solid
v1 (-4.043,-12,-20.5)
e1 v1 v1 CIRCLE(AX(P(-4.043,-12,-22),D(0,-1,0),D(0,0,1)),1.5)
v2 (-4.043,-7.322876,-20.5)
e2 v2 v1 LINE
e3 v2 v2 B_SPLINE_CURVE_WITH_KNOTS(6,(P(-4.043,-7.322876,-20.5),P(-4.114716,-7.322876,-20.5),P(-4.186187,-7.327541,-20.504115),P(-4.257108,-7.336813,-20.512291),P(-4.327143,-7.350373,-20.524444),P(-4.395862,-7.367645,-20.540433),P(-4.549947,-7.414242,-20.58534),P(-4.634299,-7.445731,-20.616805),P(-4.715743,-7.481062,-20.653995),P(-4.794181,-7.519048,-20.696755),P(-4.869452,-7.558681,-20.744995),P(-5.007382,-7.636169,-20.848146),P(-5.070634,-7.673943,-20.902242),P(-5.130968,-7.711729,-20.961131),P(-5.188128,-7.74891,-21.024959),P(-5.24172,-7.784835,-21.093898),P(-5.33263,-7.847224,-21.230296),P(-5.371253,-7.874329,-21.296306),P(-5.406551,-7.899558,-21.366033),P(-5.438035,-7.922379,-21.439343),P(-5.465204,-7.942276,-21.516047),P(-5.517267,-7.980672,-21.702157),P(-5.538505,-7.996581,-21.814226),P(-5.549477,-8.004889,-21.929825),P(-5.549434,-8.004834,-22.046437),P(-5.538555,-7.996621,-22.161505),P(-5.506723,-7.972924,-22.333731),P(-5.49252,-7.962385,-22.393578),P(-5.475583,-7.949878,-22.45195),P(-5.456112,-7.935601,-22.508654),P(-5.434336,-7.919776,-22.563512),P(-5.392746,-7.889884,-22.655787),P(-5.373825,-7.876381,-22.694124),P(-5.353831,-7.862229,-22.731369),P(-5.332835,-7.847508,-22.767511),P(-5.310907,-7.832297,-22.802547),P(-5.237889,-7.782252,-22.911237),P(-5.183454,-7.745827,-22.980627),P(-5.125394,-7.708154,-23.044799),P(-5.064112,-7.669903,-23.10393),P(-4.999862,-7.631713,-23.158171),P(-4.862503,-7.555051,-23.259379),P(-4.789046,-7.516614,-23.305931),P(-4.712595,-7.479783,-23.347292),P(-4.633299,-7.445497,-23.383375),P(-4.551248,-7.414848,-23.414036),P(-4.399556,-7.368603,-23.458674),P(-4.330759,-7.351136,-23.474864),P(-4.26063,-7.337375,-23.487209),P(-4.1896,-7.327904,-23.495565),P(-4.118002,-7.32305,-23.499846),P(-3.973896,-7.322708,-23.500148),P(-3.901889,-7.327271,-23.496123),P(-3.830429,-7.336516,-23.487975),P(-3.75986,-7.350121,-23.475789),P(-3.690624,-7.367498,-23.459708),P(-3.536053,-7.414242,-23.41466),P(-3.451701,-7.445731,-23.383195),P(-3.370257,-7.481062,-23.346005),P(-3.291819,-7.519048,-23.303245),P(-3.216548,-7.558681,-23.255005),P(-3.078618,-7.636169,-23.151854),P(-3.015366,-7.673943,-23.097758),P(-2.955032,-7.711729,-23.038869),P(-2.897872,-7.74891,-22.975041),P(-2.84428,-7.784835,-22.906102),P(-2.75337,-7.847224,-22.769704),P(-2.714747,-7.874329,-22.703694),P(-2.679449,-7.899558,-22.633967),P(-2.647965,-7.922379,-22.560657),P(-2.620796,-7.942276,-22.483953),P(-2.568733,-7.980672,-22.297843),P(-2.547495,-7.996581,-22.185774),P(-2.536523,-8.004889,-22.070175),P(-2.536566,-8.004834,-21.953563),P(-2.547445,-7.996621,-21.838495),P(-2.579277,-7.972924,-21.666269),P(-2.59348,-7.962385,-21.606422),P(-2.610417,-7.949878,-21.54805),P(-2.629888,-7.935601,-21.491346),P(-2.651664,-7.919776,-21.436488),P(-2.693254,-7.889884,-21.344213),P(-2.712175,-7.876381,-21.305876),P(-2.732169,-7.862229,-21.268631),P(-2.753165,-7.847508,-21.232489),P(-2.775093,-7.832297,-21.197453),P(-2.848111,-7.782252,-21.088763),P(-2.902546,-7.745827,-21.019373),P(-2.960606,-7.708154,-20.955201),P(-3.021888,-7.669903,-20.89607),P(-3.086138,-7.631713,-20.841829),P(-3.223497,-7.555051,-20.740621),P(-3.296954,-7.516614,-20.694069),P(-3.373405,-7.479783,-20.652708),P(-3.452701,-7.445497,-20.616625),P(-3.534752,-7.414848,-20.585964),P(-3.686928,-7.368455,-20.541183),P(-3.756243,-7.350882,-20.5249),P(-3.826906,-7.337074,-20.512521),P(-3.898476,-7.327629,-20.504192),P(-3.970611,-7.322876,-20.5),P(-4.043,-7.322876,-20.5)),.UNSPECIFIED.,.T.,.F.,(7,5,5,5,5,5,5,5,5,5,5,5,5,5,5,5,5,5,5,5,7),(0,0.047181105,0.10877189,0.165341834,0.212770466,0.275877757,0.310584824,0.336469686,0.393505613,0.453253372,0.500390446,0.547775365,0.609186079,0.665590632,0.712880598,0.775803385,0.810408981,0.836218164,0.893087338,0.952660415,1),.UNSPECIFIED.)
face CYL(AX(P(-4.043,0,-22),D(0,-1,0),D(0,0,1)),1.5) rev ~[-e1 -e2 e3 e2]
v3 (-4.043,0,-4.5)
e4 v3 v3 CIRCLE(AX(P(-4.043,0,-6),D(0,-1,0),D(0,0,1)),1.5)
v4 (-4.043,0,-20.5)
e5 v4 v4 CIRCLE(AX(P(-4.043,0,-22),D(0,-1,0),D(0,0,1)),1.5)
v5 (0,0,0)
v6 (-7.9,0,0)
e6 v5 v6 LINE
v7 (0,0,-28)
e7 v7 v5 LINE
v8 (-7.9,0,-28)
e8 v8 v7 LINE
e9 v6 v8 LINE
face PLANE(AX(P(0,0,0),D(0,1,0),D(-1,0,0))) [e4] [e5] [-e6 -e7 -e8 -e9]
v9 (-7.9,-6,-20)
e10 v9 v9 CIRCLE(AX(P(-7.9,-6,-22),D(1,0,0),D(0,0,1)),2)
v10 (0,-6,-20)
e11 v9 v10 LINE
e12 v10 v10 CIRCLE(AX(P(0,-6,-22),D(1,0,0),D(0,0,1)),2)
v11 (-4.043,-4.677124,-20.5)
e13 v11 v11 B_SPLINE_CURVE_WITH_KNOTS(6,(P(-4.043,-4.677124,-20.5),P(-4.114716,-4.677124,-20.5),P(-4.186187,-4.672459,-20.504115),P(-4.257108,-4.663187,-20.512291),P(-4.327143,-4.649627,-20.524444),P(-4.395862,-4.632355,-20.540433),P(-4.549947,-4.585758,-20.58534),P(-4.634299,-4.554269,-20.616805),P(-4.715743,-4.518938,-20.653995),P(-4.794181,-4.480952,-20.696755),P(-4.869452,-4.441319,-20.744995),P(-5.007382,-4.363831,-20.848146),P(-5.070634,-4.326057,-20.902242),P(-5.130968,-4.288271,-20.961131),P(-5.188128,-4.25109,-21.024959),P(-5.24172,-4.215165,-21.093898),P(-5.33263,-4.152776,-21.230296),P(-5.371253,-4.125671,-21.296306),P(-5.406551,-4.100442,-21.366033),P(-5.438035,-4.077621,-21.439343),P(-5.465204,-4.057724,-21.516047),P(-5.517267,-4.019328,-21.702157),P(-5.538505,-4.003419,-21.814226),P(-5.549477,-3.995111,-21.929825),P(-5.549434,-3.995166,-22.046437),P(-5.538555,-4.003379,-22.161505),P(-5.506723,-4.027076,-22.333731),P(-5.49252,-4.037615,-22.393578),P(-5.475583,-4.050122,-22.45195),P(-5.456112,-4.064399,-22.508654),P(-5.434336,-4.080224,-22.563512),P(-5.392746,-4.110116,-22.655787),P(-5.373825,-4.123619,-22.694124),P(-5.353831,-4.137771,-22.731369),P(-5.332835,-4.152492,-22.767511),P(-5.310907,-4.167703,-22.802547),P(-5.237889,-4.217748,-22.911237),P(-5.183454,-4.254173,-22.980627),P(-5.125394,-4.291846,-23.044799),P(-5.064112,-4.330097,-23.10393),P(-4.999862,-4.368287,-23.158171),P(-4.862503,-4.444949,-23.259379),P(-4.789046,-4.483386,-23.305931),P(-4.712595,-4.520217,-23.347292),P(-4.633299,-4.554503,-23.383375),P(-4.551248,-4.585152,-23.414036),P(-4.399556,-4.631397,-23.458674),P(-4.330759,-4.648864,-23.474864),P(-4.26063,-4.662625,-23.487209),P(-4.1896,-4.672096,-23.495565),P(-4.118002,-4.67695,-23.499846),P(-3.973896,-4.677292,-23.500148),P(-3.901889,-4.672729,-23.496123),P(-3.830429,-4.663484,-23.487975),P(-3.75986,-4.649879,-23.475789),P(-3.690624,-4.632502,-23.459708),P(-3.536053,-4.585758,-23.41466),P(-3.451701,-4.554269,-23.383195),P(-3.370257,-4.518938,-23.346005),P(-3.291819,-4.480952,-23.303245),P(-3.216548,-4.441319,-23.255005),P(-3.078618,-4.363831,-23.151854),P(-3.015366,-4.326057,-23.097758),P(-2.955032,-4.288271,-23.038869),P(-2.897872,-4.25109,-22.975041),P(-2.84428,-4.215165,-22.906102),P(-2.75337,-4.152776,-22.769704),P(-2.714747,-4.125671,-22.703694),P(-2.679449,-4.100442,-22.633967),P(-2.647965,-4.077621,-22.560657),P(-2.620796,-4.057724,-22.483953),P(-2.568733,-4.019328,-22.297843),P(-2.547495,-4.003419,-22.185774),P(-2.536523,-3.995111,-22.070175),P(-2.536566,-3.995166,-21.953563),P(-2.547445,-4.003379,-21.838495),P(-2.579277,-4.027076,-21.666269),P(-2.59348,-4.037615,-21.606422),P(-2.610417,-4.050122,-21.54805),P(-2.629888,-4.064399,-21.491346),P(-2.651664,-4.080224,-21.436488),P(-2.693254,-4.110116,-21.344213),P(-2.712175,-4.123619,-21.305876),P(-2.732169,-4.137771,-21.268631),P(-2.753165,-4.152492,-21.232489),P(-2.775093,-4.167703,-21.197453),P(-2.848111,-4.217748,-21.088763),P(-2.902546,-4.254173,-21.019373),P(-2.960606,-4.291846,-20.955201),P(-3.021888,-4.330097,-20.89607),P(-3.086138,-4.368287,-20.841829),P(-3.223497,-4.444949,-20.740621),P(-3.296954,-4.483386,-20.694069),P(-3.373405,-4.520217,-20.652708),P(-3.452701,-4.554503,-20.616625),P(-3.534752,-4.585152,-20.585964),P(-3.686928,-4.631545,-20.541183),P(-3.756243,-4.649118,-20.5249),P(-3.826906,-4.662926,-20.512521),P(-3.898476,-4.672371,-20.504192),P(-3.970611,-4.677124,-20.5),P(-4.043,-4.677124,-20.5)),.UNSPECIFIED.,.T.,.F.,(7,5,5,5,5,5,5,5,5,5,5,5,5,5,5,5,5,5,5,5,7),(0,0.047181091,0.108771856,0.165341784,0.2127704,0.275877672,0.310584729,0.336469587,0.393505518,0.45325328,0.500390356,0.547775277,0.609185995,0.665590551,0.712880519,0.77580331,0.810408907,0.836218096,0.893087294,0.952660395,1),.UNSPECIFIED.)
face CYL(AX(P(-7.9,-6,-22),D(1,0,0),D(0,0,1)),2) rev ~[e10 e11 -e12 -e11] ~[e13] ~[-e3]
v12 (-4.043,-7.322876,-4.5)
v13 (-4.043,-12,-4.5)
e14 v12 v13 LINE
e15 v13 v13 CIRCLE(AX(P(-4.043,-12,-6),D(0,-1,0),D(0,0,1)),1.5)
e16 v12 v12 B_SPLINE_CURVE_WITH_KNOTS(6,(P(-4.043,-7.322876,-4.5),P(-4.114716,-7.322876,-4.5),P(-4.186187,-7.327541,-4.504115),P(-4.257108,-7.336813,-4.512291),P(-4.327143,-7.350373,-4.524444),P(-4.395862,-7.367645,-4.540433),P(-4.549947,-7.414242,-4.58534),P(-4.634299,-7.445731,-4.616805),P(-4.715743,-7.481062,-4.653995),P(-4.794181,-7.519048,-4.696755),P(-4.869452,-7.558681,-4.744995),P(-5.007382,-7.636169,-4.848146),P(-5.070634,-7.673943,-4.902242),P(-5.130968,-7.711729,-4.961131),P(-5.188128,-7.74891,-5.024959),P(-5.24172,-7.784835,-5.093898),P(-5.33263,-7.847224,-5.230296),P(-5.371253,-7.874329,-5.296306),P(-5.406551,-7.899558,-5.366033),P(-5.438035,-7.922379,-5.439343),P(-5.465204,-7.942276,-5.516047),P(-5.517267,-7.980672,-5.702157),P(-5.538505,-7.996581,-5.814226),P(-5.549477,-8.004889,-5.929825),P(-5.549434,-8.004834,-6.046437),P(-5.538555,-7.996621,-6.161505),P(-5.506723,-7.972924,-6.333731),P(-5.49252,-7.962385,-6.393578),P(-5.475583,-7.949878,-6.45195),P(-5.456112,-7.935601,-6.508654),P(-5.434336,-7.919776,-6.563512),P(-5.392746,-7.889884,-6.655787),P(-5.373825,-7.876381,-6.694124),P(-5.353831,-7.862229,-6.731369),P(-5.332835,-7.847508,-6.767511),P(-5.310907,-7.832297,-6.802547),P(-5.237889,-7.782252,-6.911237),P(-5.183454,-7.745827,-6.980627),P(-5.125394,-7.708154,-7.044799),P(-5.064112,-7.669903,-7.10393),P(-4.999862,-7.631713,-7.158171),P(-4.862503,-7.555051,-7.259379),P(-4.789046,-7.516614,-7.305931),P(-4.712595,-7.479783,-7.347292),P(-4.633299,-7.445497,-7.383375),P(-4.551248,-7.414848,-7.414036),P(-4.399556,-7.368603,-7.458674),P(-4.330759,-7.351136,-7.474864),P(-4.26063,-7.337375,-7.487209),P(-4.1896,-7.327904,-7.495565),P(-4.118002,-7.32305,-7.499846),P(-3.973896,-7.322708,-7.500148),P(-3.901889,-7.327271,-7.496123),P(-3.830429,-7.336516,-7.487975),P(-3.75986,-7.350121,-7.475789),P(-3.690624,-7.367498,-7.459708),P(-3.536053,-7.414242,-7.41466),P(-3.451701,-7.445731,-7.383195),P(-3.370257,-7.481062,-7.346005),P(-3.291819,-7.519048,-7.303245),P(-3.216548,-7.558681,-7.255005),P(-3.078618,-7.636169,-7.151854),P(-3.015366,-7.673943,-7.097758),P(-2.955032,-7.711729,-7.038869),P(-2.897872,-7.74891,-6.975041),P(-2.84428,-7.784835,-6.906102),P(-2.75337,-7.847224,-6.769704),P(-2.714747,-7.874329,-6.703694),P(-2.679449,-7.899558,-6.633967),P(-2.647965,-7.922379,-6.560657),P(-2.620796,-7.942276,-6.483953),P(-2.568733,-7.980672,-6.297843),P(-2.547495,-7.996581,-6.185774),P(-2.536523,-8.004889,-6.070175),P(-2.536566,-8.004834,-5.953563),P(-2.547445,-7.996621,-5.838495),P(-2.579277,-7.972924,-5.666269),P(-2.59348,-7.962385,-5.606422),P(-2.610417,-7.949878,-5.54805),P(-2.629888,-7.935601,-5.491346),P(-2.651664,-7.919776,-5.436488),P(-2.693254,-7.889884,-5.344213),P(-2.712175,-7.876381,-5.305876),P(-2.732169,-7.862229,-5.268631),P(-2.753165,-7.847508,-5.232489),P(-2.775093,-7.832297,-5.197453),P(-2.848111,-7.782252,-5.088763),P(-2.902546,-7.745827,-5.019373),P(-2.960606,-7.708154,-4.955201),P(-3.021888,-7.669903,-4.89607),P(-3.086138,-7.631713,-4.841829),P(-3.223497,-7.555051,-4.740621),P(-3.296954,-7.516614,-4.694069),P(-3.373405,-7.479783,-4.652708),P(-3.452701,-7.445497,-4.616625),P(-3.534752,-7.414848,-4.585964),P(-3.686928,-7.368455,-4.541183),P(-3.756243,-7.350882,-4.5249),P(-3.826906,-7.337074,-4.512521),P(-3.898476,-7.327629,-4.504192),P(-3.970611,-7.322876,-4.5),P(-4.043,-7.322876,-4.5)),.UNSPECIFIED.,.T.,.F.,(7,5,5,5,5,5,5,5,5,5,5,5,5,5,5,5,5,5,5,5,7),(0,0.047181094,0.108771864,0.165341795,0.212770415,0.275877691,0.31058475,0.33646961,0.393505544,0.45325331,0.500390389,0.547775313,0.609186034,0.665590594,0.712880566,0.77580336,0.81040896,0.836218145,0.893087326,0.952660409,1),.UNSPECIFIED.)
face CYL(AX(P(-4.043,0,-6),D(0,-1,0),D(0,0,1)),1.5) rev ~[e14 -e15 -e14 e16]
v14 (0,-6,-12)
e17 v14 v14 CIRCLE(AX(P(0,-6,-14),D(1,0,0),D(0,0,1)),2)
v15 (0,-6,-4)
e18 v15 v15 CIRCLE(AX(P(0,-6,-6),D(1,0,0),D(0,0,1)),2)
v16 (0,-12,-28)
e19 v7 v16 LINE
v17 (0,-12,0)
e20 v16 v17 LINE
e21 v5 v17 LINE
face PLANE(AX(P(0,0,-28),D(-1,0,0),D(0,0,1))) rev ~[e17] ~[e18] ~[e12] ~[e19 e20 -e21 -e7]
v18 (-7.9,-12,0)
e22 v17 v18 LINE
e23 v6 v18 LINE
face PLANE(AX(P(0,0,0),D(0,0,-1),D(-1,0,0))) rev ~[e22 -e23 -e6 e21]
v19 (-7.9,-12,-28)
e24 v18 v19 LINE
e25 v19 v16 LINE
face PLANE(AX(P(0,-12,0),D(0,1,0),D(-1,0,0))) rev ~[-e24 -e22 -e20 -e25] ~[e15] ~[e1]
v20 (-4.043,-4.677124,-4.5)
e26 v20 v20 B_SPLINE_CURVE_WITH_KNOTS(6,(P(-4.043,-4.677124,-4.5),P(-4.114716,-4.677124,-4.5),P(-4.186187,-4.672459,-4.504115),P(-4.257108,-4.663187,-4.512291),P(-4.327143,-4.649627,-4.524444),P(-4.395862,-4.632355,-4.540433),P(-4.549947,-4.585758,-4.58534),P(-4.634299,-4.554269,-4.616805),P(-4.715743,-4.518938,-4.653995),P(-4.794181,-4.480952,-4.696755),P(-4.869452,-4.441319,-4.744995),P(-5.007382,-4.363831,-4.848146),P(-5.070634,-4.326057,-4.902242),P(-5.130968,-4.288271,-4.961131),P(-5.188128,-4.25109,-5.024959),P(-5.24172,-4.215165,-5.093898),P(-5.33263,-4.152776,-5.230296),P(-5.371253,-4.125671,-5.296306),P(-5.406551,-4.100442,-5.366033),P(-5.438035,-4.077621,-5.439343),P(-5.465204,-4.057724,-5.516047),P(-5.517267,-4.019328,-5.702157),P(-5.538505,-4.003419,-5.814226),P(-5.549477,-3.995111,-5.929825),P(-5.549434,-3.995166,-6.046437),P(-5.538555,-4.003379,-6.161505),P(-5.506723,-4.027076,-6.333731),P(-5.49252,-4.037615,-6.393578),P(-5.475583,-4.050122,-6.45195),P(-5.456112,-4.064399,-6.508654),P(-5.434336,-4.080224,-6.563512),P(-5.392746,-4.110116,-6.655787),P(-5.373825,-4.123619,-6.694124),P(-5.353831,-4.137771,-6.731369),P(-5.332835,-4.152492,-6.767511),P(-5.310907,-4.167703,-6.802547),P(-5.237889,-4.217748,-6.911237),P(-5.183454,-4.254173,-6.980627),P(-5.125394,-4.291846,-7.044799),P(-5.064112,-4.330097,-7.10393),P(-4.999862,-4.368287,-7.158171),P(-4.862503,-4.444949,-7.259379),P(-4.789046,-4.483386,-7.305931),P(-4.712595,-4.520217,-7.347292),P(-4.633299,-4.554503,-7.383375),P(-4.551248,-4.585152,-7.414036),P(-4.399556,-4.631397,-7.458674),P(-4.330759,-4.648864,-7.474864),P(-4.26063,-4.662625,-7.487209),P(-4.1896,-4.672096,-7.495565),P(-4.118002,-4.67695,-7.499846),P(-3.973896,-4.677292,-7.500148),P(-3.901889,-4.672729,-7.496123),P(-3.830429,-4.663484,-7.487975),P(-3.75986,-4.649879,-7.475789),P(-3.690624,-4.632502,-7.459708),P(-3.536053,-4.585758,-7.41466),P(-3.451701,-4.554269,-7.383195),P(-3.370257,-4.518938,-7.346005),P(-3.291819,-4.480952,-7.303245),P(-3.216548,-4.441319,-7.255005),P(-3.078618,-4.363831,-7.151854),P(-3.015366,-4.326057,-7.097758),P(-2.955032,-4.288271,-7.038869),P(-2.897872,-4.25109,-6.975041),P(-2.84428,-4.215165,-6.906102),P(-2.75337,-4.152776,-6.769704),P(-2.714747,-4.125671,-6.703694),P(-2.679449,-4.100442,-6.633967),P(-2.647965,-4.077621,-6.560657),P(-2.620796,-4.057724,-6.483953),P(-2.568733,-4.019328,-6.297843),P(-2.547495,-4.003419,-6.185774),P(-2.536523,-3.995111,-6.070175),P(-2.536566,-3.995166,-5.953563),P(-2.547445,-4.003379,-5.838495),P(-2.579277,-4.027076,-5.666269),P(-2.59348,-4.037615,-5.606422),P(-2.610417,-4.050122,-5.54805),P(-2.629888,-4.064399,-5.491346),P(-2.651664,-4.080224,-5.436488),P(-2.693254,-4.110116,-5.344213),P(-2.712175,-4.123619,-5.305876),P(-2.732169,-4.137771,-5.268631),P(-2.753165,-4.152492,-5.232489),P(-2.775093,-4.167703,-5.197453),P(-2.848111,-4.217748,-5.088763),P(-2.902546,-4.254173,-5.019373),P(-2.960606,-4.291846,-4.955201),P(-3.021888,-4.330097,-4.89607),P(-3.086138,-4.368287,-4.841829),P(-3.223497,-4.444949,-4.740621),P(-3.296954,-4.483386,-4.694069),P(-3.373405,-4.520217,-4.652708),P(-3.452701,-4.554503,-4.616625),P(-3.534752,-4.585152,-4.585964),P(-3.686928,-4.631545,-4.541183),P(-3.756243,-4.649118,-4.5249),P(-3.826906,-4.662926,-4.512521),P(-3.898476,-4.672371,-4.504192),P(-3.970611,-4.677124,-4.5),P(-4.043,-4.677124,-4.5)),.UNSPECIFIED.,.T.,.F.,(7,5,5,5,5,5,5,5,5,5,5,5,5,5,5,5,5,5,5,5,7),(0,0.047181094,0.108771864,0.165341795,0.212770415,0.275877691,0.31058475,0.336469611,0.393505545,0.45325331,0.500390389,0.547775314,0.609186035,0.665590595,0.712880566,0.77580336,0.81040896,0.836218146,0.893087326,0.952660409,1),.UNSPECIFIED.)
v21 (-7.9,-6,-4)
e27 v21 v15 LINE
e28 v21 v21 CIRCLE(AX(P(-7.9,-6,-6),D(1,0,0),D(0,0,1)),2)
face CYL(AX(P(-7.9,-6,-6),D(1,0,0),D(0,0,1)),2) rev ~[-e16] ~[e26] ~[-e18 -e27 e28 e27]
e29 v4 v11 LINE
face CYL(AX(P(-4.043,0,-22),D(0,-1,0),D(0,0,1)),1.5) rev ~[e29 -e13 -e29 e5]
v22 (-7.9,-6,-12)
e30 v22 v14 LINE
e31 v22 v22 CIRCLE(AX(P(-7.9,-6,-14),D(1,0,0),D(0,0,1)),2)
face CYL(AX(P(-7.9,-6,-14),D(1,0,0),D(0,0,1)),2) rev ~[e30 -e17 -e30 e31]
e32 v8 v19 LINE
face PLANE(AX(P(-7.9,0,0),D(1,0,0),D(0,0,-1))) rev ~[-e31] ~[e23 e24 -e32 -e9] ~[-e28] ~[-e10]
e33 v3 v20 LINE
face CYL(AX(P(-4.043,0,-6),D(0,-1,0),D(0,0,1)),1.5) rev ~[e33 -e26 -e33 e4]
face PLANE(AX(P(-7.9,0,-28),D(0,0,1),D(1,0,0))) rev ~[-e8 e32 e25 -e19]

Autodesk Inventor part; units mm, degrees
ref_plane "YZ Plane" through (0, 0, 0) normal (1, 0, 0) x (0, 1, 0)
ref_plane "XZ Plane" through (0, 0, 0) normal (0, 1, 0) x (-1, 0, 0)
ref_plane "XY Plane" through (0, 0, 0) normal (0, 0, 1) x (1, 0, 0)
sketch "Sketch1" plane through (0, 0, 0) normal (0, 1, 0) x (-1, 0, 0)
  line L0 (0, 0) -> (7.9, 0)
  line L1 (7.9, 0) -> (7.9, -28)
  line L2 (7.9, -28) -> (0, -28)
  line L3 (0, -28) -> (0, 0)
  dimension "d0" = 7.9
  dimension "d1" = 28
extrude "Extrusion1" add sketch "Sketch1" against normal blind 12
sketch "Sketch2" plane through (0, 0, 0) normal (0, 1, 0) x (1, 0, 0)
  line L0 (0, 0) -> (-7.9, 0) projected
  line L1 (-7.9, 28) -> (0, 28) projected
  point P0 (-4.043, 6)
  point P1 (-4.043, 22)
  dimension "d4" = 6
  dimension "d5" = 6
hole "Hole1" at (-4.043, 0, -6) at (-4.043, 0, -22) direction (0, -1, 0) diameter 3 end through all
sketch "Sketch3" plane through (-7.9, 0, -28) normal (-1, 0, 0) x (0, 0, 1)
  line L0 (28, 0) -> (28, -12) projected
  point P0 (22, -6)
  point P1 (14, -6)
  point P2 (6, -6)
  point P3 (28, -6)
  dimension "d13" = 6
  dimension "d14" = 8
  dimension "d15" = 8
hole "Hole2" at (-7.9, -6, -6) at (-7.9, -6, -14) at (-7.9, -6, -22) direction (1, 0, 0) diameter 4 end through all
equation "\"d15\" = d14"
properties part number "09-0004" material "Aluminum 6061"
